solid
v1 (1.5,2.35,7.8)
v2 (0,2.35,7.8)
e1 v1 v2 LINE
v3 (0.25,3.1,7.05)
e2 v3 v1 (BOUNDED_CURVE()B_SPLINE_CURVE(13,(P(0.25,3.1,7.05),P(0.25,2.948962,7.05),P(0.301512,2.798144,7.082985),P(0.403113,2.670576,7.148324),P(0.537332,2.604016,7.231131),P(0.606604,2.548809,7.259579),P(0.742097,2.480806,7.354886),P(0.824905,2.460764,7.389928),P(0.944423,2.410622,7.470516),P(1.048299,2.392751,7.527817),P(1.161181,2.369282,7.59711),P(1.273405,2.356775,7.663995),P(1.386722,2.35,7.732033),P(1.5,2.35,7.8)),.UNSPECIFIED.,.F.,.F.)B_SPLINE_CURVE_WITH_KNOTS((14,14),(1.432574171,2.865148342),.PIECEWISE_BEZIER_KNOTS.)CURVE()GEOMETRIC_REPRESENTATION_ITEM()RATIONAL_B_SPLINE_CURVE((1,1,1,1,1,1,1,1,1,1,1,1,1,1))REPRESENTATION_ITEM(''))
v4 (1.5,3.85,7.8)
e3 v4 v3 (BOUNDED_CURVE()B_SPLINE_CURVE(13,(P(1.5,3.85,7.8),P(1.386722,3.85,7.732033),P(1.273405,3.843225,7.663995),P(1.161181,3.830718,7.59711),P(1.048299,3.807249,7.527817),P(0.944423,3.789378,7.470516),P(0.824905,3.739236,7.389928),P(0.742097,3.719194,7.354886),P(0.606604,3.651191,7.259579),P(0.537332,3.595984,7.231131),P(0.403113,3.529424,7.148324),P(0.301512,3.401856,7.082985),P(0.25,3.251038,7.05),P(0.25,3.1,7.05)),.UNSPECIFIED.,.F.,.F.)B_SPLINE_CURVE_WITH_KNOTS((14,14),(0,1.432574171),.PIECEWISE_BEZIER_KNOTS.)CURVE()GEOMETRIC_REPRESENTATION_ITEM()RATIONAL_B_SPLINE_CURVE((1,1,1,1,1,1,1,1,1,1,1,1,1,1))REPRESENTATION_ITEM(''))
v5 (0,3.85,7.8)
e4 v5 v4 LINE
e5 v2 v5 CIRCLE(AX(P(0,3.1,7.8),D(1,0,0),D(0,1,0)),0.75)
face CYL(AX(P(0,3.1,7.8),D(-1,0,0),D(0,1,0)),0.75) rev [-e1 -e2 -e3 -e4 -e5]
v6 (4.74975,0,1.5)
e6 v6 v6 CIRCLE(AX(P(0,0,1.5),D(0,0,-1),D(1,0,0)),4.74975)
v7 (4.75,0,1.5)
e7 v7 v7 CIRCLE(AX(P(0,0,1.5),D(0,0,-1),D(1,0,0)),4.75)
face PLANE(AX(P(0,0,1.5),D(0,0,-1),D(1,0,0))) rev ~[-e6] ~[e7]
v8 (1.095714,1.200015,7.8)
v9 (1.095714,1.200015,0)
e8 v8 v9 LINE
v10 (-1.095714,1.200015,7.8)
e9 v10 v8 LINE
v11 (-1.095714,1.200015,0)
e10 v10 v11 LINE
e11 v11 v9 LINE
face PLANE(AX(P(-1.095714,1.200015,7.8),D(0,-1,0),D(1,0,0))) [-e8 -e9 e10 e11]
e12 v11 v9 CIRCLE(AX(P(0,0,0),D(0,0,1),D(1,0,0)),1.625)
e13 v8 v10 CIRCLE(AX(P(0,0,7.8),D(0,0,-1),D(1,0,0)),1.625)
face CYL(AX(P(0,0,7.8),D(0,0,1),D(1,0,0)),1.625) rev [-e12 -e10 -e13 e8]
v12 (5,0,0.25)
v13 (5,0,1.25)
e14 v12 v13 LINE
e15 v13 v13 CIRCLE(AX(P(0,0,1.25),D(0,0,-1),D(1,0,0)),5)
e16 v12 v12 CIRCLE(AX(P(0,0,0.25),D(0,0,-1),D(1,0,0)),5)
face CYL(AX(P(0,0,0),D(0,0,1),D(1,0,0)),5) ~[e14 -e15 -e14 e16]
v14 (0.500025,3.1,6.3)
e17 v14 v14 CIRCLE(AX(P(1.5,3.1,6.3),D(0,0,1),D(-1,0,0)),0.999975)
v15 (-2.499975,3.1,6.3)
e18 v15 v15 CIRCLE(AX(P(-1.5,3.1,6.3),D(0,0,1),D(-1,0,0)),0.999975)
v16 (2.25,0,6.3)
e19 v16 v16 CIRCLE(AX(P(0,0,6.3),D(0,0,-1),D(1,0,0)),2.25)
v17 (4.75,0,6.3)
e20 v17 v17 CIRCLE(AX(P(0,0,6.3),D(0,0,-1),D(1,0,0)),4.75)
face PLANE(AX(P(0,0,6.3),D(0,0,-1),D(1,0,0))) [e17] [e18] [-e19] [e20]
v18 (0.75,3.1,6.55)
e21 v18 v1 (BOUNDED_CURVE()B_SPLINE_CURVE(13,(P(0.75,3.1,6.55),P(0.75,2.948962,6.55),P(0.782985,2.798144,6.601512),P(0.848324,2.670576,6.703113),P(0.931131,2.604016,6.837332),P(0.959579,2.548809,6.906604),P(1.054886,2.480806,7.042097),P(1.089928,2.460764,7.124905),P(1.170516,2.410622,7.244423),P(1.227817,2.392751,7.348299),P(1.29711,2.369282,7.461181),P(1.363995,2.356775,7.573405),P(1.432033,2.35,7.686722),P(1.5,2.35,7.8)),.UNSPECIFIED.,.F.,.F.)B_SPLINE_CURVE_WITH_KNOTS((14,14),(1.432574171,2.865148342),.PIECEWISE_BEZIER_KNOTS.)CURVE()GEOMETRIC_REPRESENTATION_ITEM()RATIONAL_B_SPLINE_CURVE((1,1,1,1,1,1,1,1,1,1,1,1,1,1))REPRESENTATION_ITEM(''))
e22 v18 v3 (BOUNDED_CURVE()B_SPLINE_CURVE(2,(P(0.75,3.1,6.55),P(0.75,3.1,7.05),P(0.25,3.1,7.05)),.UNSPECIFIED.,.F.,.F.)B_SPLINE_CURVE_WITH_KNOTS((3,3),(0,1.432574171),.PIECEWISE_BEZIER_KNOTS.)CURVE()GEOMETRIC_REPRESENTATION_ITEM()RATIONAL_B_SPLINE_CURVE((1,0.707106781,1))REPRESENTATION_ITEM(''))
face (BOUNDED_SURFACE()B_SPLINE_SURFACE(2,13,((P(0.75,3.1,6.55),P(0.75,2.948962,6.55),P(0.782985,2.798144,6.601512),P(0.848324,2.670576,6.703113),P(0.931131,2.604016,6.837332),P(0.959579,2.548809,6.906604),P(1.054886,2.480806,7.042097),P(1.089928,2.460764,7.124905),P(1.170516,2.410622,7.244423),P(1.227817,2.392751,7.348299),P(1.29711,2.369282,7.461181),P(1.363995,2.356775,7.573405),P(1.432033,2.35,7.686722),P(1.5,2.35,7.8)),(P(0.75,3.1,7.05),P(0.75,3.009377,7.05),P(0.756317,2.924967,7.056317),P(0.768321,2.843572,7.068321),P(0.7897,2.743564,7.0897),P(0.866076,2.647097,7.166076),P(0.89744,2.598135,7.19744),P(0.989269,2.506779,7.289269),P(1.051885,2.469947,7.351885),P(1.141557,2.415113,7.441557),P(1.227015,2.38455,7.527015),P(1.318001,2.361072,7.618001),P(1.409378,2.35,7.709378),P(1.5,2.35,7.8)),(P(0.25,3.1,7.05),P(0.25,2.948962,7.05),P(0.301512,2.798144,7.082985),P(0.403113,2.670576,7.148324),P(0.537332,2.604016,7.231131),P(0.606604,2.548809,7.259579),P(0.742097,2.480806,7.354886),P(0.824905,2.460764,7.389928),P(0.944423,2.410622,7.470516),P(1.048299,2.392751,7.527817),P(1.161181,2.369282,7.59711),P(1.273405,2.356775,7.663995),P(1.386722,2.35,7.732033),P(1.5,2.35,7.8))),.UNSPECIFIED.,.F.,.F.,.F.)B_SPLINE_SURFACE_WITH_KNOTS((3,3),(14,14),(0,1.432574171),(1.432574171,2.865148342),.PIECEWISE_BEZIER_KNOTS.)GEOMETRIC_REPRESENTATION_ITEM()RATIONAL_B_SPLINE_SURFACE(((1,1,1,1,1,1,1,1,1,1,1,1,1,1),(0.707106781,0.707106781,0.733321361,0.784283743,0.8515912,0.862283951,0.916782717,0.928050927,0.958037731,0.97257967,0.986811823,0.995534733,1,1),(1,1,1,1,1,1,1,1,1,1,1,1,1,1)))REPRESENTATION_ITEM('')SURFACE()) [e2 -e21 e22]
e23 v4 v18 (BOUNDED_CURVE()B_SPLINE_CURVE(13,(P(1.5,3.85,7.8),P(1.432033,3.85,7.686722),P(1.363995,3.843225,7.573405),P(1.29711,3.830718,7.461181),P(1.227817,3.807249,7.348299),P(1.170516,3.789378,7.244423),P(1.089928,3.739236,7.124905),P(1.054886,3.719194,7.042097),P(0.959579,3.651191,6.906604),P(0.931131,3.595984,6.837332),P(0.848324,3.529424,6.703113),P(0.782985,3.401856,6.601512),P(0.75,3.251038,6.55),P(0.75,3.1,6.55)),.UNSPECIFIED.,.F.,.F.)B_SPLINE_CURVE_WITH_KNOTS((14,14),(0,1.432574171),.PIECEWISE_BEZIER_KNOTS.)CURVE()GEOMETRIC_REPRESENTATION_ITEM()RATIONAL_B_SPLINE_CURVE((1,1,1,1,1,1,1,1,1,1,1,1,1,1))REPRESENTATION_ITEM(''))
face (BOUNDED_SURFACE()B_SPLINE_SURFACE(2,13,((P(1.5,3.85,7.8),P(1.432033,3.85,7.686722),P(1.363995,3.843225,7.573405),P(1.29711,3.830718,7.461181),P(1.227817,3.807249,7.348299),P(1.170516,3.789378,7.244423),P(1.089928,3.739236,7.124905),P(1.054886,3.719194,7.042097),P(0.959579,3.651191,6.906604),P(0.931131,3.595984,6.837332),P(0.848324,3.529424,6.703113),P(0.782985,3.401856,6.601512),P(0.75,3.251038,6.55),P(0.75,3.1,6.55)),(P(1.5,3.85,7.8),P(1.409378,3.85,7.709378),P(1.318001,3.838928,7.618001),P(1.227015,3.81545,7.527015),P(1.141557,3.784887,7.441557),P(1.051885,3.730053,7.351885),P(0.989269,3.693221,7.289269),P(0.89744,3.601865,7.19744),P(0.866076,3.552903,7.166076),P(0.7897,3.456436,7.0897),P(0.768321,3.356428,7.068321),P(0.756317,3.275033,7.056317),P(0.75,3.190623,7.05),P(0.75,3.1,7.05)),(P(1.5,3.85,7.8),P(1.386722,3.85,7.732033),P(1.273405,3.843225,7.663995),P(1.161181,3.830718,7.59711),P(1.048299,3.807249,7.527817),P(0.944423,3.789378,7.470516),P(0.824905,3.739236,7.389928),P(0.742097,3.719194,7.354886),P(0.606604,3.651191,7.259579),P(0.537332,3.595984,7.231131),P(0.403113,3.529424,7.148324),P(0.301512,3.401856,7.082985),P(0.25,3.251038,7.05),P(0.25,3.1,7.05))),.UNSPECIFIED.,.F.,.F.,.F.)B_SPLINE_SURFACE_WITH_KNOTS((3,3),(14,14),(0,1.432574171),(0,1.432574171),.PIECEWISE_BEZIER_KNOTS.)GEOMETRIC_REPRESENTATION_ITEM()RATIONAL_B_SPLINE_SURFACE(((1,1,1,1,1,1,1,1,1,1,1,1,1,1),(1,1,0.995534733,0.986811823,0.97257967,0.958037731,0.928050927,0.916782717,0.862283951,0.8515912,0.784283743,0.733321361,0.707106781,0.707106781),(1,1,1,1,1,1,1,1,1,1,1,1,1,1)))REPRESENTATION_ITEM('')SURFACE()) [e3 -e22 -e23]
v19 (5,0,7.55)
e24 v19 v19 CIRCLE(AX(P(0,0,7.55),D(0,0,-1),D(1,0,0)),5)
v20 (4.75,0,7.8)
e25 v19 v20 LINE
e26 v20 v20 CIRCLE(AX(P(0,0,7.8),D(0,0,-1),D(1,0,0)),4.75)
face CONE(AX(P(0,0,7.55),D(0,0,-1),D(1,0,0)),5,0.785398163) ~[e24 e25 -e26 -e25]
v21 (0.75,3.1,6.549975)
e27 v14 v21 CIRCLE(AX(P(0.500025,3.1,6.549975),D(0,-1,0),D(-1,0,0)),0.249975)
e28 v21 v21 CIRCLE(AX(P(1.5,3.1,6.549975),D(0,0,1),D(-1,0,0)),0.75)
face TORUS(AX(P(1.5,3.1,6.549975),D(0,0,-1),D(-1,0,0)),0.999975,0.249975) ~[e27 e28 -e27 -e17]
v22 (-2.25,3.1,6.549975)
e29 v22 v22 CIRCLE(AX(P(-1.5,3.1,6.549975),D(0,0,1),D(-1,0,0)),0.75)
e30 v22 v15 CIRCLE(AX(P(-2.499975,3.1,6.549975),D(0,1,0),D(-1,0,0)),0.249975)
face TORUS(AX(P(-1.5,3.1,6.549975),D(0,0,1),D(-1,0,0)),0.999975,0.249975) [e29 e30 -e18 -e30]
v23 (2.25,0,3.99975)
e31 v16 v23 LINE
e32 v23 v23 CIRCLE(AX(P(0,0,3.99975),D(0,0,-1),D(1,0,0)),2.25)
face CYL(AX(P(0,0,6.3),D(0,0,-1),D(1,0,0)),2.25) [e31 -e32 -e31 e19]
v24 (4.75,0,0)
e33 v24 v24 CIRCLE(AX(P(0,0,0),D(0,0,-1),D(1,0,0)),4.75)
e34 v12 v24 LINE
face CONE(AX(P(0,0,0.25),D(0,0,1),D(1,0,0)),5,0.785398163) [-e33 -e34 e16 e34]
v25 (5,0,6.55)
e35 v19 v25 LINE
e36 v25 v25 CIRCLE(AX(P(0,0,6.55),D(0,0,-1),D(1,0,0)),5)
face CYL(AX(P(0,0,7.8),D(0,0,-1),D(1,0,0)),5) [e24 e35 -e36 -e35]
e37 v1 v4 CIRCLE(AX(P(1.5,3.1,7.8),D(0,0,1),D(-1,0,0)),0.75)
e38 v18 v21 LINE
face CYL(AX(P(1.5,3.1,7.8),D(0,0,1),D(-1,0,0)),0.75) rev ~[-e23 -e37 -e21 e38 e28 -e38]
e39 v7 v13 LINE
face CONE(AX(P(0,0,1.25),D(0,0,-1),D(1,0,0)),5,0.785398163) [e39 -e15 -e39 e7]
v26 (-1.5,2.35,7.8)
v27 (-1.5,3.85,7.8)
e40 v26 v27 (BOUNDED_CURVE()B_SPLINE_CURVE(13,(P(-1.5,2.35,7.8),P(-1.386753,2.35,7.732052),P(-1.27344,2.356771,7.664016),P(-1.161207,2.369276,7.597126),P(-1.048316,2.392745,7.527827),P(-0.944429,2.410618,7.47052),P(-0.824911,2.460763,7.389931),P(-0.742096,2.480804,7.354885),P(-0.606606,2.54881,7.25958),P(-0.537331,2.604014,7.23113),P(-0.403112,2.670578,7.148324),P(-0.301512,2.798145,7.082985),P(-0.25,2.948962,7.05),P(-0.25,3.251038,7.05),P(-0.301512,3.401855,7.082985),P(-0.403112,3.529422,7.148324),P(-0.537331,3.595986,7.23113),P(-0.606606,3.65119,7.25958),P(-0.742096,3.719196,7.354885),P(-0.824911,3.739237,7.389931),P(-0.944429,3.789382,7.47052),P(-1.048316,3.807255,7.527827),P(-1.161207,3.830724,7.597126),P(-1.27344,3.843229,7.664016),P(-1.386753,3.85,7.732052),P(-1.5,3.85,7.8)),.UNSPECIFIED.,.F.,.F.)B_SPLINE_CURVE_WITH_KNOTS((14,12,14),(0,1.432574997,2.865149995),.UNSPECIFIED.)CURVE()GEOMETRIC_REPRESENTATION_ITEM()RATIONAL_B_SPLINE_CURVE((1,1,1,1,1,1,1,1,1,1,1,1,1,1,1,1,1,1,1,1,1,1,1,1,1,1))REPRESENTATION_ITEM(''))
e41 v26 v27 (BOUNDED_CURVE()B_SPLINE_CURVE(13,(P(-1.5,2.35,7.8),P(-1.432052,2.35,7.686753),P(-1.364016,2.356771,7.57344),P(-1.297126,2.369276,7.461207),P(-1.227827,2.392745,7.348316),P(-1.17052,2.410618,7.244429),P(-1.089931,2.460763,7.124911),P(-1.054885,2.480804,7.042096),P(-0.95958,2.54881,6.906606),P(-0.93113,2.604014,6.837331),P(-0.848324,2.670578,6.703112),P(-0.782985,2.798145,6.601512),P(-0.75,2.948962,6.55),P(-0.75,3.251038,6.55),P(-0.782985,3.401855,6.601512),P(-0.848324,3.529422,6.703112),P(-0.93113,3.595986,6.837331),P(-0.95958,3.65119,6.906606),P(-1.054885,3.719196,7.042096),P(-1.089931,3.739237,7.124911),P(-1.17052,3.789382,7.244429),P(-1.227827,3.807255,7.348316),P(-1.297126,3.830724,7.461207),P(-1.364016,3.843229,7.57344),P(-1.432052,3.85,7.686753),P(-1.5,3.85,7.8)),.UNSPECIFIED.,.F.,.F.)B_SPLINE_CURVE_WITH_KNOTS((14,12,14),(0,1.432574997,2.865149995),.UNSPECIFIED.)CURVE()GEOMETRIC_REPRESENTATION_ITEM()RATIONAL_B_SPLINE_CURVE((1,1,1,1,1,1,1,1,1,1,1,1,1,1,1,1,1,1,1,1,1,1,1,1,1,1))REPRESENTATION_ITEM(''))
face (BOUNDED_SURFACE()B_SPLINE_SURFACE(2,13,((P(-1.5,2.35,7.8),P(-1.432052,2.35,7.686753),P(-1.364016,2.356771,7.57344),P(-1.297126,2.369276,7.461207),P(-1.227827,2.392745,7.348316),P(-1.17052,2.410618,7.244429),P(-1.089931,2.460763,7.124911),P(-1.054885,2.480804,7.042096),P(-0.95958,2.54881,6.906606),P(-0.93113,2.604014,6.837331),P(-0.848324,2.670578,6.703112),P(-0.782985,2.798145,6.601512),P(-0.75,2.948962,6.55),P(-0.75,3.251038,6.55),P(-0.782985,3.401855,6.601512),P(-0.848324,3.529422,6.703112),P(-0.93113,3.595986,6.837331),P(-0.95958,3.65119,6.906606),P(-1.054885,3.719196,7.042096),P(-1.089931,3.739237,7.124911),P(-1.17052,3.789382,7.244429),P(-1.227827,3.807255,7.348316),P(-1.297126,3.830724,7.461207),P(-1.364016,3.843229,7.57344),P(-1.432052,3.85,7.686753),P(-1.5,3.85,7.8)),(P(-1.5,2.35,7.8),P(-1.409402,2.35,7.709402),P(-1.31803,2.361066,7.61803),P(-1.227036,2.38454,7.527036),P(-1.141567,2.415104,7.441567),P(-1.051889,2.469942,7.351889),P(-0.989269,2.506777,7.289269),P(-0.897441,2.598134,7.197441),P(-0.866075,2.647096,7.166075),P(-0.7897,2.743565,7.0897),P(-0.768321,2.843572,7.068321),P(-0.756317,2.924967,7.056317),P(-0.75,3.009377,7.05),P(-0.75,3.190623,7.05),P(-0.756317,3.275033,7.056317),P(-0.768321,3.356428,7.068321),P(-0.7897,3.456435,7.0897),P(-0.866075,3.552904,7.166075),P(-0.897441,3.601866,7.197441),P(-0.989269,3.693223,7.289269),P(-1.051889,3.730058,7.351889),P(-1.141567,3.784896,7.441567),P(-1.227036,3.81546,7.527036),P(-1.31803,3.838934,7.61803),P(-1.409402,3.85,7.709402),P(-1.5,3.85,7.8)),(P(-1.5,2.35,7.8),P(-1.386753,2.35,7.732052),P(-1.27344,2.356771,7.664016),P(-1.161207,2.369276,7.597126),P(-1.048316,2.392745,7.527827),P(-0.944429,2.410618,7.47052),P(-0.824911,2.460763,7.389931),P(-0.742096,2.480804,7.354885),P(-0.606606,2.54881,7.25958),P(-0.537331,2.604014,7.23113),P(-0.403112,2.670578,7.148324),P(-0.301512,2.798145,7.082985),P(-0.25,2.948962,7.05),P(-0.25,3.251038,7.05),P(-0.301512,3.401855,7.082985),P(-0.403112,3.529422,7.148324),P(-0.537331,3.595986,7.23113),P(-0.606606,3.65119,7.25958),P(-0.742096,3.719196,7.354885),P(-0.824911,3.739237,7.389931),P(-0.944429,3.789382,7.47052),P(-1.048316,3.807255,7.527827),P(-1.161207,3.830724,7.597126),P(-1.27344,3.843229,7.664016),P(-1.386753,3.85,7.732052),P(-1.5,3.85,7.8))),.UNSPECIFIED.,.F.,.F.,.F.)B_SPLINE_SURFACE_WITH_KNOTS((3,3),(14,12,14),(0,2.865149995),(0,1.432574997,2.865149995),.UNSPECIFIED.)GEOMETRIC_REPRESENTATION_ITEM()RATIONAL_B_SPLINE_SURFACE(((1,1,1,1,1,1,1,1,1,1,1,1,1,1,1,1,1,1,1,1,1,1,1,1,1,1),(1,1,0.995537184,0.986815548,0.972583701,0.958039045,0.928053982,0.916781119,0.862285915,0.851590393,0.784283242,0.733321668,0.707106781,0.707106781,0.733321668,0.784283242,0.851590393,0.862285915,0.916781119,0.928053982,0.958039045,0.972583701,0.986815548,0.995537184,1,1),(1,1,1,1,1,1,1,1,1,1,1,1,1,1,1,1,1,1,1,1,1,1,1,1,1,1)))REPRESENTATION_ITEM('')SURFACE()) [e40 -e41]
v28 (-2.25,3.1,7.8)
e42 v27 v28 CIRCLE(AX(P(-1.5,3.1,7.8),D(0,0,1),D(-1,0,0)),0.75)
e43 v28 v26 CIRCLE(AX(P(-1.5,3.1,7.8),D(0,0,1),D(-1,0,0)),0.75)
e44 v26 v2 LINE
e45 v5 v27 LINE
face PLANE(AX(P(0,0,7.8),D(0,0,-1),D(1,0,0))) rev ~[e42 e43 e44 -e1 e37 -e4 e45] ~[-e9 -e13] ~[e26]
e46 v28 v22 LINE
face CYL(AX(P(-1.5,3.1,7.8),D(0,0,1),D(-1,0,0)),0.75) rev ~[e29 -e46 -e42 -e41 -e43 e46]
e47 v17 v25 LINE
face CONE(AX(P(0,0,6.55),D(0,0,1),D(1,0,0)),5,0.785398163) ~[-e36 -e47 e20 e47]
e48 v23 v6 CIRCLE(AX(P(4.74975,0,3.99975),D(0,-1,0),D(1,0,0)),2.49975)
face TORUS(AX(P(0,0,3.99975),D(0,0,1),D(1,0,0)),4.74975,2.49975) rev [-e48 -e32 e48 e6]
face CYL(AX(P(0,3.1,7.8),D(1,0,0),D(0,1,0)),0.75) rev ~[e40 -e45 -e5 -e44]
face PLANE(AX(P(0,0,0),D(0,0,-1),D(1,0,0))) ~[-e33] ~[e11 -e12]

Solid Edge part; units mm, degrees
sketch "Sketch1" plane through (0, 0, 0) normal (0, -1, 0) x (1, 0, 0)
  line L0 (5, 6.3) -> (2.25, 6.3)
  line L1 (2.25, 6.3) -> (2.25, 1.5)
  line L2 (5, 1.5) -> (2.25, 1.5)
  line L3 (5, 0) -> (5, 1.5)
  line L4 (0, 0) -> (5, 0)
  line L5 (0, 7.8) -> (0, 0)
  line L6 (5, 7.8) -> (0, 7.8)
  line L7 (5, 7.8) -> (5, 6.3)
revolve "RevolvedProtrusion1" add sketch "Sketch1" angle 360 about axis through (0, 0, 7.8) along (0, 0, -1)
sketch "Sketch2" plane through (0, 0, 7.8) normal (0, 0, 1) x (1, 0, 0)
  line L0 (-1.0957, 1.2) -> (1.0957, 1.2)
  arc A0 (1.0957, 1.2) -> (-1.0957, 1.2) centre (0, 0) cw
extrude "Cutout1" cut sketch "Sketch2" against normal through all
sketch "Sketch3" plane through (0, 0, 7.8) normal (0, 0, 1) x (-1, 0, 0)
  circle A0 centre (-1.5, -3.1) radius 0.75
  circle A1 centre (1.5, -3.1) radius 0.75
  dimension "D1" = 1.5
  dimension "D2" = 1.5
  dimension "D3" = 3
  dimension "D4" = 1.9
extrude "Cutout2" cut sketch "Sketch3" against normal up to surface (1.5 mm away)
chamfer "Chaflán_1" distance 0.25 angle 45 4 edges at (-5, 0, 0) (-5, 0, 1.5) (-5, 0, 6.3) (-5, 0, 7.8)
sketch "Sketch4" plane through (0, 0, 0) normal (1, 0, 0) x (0, 1, 0)
  circle A0 centre (3.1, 7.8) radius 0.75
extrude "VaciadoExtruido_3" cut sketch "Sketch4" along normal mid plane 3
fillet "Redondeo_2" radius 0.5 2 edges at (-0.75, 3.1, 7.05) (0.75, 3.1, 7.05)
fillet "Redondeo_3" radius 0.25 2 edges at (2.25, 3.1, 6.3) (-0.75, 3.1, 6.3)
fillet "Redondeo_4" radius 2.5 1 edges at (-2.25, 0, 1.5)
